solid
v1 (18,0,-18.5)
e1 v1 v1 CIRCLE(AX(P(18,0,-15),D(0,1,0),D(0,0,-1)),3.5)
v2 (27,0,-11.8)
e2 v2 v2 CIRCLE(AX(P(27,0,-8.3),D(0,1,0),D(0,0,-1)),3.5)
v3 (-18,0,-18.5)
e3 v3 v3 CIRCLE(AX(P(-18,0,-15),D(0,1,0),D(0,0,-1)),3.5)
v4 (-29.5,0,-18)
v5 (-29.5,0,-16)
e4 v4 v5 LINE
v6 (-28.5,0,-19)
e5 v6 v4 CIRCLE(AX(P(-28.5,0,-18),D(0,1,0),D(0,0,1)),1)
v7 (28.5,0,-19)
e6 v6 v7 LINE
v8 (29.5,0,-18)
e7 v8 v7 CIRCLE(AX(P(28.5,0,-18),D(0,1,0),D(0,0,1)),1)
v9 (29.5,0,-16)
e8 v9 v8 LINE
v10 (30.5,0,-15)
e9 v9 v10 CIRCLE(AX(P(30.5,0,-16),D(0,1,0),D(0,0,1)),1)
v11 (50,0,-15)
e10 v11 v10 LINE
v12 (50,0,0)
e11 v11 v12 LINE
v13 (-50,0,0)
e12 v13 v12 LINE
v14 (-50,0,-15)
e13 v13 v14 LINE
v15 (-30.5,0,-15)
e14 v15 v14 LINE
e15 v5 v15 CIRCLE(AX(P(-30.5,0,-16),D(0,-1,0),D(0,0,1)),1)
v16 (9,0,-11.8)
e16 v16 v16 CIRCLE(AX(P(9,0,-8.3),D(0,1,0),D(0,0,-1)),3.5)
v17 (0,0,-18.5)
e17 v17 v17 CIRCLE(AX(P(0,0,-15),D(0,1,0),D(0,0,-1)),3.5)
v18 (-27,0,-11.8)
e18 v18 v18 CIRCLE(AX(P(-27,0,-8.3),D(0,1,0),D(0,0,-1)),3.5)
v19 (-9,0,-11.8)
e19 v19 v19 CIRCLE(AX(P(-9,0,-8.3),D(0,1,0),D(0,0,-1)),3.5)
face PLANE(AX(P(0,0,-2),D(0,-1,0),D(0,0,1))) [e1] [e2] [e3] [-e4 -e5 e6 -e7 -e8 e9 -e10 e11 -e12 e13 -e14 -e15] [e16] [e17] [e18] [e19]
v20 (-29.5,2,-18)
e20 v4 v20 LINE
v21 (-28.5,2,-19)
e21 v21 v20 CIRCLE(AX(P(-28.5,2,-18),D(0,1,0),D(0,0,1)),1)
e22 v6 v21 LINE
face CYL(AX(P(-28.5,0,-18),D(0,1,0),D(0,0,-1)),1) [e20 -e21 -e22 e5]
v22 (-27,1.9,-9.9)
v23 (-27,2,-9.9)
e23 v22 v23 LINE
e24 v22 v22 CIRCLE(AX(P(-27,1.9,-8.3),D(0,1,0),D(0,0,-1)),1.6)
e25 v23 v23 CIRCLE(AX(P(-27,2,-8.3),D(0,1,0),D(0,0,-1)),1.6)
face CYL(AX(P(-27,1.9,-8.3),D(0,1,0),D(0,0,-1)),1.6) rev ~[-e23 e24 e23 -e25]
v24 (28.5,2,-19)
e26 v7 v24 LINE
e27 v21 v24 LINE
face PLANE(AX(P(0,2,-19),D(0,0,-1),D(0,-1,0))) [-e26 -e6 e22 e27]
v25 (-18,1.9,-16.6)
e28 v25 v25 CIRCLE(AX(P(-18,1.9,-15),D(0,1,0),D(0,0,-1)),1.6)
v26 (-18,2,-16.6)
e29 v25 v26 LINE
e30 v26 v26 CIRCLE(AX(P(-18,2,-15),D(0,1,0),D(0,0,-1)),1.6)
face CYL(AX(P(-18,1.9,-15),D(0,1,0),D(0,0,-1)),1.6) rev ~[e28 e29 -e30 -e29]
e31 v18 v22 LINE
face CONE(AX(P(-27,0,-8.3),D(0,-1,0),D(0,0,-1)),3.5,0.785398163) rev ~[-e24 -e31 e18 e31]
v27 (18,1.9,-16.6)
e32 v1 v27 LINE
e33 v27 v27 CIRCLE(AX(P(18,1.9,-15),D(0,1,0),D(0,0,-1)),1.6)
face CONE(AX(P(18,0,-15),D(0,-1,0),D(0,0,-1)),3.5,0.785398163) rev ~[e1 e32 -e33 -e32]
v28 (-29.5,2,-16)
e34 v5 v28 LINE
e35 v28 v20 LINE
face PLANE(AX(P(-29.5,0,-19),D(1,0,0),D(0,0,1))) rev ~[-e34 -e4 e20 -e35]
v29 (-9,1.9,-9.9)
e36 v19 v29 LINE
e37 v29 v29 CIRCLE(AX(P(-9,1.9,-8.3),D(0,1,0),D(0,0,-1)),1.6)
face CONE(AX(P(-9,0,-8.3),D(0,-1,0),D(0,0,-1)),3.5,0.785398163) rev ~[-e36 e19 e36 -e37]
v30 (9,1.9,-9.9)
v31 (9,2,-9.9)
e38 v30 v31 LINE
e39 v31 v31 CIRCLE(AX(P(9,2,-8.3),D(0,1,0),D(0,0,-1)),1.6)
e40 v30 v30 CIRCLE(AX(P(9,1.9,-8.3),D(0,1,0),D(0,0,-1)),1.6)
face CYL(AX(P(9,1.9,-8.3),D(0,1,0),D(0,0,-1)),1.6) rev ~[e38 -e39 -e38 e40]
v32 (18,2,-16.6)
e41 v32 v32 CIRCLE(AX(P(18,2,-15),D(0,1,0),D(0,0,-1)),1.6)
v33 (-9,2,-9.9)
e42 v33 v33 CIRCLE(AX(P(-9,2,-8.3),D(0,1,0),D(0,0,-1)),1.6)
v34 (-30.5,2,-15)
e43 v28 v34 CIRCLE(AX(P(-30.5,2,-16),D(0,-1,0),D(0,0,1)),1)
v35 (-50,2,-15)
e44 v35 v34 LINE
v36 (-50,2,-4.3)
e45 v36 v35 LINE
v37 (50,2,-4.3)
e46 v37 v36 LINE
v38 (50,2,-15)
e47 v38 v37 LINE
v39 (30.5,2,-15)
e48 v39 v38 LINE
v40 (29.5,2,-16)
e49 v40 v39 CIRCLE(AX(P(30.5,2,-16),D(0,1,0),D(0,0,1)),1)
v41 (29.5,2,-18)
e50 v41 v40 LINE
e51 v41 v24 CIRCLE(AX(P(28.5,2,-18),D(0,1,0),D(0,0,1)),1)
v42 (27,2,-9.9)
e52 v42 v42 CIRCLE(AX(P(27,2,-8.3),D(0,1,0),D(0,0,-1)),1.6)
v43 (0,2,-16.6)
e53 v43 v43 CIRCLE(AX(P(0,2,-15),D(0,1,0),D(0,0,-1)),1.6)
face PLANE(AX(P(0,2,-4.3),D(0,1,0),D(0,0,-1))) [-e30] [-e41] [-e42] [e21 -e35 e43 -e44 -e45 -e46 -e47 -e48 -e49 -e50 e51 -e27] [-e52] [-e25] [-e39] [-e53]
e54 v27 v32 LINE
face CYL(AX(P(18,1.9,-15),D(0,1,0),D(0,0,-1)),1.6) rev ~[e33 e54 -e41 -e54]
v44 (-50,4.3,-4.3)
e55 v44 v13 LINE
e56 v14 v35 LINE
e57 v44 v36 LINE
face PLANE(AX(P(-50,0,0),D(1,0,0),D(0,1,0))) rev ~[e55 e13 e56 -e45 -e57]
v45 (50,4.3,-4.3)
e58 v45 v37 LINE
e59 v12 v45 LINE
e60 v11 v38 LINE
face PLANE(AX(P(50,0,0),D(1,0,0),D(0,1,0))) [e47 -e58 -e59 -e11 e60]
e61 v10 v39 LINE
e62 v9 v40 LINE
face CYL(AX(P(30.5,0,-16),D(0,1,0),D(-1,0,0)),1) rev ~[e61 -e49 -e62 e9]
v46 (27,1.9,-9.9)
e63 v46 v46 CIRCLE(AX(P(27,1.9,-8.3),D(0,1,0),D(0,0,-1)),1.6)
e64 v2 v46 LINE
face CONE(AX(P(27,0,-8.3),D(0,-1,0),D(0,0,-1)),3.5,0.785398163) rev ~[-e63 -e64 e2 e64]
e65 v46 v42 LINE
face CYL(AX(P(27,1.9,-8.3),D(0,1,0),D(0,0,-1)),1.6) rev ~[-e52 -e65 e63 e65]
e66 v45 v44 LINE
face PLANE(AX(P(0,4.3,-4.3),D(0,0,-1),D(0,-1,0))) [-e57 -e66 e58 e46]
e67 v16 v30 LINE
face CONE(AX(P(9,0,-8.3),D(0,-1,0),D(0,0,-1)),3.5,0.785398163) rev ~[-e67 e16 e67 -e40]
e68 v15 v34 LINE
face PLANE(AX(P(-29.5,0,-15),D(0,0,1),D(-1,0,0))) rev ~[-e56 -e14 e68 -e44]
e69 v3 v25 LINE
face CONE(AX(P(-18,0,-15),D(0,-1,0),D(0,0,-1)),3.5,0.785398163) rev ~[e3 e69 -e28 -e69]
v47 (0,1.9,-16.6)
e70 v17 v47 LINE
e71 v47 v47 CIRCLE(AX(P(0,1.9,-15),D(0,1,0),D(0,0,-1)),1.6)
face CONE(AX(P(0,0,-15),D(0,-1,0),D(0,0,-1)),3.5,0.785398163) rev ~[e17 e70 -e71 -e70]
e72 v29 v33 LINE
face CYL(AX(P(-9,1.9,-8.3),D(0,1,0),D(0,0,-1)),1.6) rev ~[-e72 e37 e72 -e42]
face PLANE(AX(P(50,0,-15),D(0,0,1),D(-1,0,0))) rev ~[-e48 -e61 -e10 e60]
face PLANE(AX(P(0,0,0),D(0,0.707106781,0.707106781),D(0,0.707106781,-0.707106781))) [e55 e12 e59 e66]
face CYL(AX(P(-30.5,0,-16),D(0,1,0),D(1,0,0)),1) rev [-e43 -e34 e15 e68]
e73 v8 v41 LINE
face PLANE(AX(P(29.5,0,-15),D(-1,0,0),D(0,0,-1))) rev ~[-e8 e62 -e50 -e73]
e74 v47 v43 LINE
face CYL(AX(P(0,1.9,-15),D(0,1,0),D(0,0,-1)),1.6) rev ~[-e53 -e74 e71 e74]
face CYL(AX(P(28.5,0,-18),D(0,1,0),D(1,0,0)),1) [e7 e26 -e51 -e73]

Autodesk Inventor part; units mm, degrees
ref_plane "YZ Plane" through (0, 0, 0) normal (1, 0, 0) x (0, 1, 0)
ref_plane "XZ Plane" through (0, 0, 0) normal (0, 1, 0) x (-1, 0, 0)
ref_plane "XY Plane" through (0, 0, 0) normal (0, 0, 1) x (1, 0, 0)
sketch "Szkic1" plane through (0, 0, 0) normal (1, 0, 0) x (0, 1, 0)
  line L0 (0, 0) -> (2, -2)
  line L1 (2, -2) -> (2, -19)
  line L2 (2, -19) -> (0, -19)
  line L3 (0, -19) -> (0, -2)
  line L4 (0, -2) -> (0, 0)
  line L5 (0, -2) -> (2, -2)
  line L6 (2, -2) -> (4.3, -4.3)
  line L7 (4.3, -4.3) -> (2, -4.3)
  line L8 (2, -2) -> (4.3, -4.3)
  line L9 (4.3, -4.3) -> (2, -4.3)
  line L10 (4, -4) -> (4, -4.3) construction
  line L11 (4, -4) -> (2, -4) construction
  line L12 (4.3, -4.3) -> (4.3, -4.8)
  line L13 (4.3, -4.8) -> (2, -4.8)
  line L14 (0, 0) -> (-0.5, 0)
  line L15 (-0.5, 0) -> (-0.5, -19)
  line L16 (-0.5, -19) -> (0, -19)
  line L17 (0, -19) -> (0, 0)
  point P0 (5, -5)
  point P1 (4.3, -4.3)
  dimension "d1" = 2
  dimension "d2" = 45
  dimension "d44" = 45
  dimension "d45" = 2
  dimension "d46" = 17
  dimension "d50" = -4.3
  dimension "d51" = 19
  dimension "d54" = 0
  dimension "d98" = 2.3
  dimension "d125" = 4
  dimension "d126" = 0.3
  dimension "d156" = 0.5
  dimension "d157" = 0.5
extrude "Wyciągnięcie proste1" add sketch "Szkic1" along normal mid plane 100 contours L0 L5 L4 | L6 L7 L1 | L1 L2 L3 L5
sketch "Sketch4" plane through (-50, 0, -19) normal (0, -1, 0) x (1, 0, 0)
  line L0 (0, 0) -> (0, 19) projected
  line L1 (0, 0) -> (100, 0) projected
  line L2 (100, 19) -> (100, 0) projected
  line L3 (100, 19) -> (0, 19) projected
  line L4 (80, 0) -> (80, 19)
  line L5 (100, 19) -> (50, 19) projected
  line L6 (20, 19) -> (20, 0)
  line L7 (0, 0) -> (100, 0) projected
  line L8 (0, 14.7) -> (100, 14.7) projected
  circle A0 centre (77, 10.7) radius 3
  circle A1 centre (41, 10.7) radius 3
  circle A2 centre (23, 10.7) radius 3
  line L9 (80, 10.7) -> (20, 10.7)
  line L10 (80, 4) -> (20, 4)
  circle A3 centre (59, 10.7) radius 3
  circle A4 centre (68, 4) radius 3
  circle A5 centre (50, 4) radius 3
  circle A6 centre (32, 4) radius 3
  dimension "d67" = 6
  dimension "d70" = 6
  dimension "d22" = 20
  dimension "d23" = 20
  dimension "d69" = 6
  dimension "d75" = 18
  dimension "d127" = 6
  dimension "d129" = 18
  dimension "d139" = 18
  dimension "d140" = 6
  dimension "d141" = 6
  dimension "d142" = 6
  dimension "d143" = 9
  dimension "d144" = 9
  dimension "d145" = 9
  dimension "d146" = 9
  dimension "d147" = 9
  dimension "d148" = 9
  dimension "d149" = 4
  dimension "d150" = 4
hole "Hole2" at (27, 0, -8.3) at (-9, 0, -8.3) at (-27, 0, -8.3) at (9, 0, -8.3) at (0, 0, -15) at (18, 0, -15) at (-18, 0, -15) direction (0, 1, 0) diameter 3.2 depth 8.8 countersink diameter 7 countersink angle 90 clearance for "Countersunk Flat Head Screw ISO 2009/7046" size "M3" standard "ISO"
extrude "Extrusion7" [suppressed]
sketch "Sketch5" plane through (-50, 0, 0) normal (0, -1, 0) x (1, 0, 0)
  line L0 (100, 0) -> (100, -19) projected
  line L1 (100, 0) -> (0, 0) projected
  line L2 (0, -19) -> (0, 0) projected
  line L3 (100, -15) -> (79.5, -15)
  line L4 (79.5, -15) -> (79.5, -32.132)
  line L5 (79.5, -32.132) -> (100, -32.132)
  line L6 (100, -32.132) -> (100, -15)
  line L7 (0, -19) -> (20.5, -19)
  line L8 (20.5, -19) -> (20.5, -15)
  line L9 (20.5, -15) -> (0, -15)
  line L10 (0, -15) -> (0, -19)
  circle A0 centre (23, -8.3) radius 3.5 projected
  circle A1 centre (41, -8.3) radius 3.5 projected
  circle A2 centre (77, -8.3) radius 3.5 projected
  line L11 (0, -19) -> (100, -19) projected
  point P0 (50, 0)
  point P1 (0, -15)
  point P2 (100, -30)
  dimension "d55" = 20.5
  dimension "d56" = 20.5
  dimension "d61" = 15
  dimension "d62" = 15
extrude "Extrusion5" cut sketch "Sketch5" along normal through all both and the other way through all contours L0 L11 L4 L3 | L6 L5 L4 L11 | L9 L8 L7 L2
fillet "Fillet2" radius 1 2 edges at (-29.5, 1, -19) (29.5, 1, -19)
fillet "Fillet3" radius 1 2 edges at (-29.5, 1, -15) (29.5, 1, -15)
sketch "Sketch10" plane through (50, 0, 0) normal (1, 0, 0) x (0, 0, -1)
  line L0 (30.7582, 13.788) -> (30.3919, 3.2994) projected
  line L1 (30.5751, 8.5437) -> (-8.4118, 9.9052)
  line L2 (15, 0) -> (15, 2) projected
  line L3 (15, 2) -> (4.3, 2) projected
  line L4 (4.3, 2) -> (4.3, 4.3) projected
  line L5 (4.3, 4.3) -> (0, 0) projected
  line L6 (0, 0) -> (15, 0) projected
  line L7 (4.3, 2) -> (15, 2) projected
  line L8 (4.3, 2) -> (3.8, 2)
  circle A0 centre (63.2278, 12.35) radius 15 projected
  line L9 (63.2278, 12.35) -> (63.2278, -2.65)
  line L10 (63.2278, -2.65) -> (0, 0)
  line L11 (0, 0) -> (0.1802, 4.3)
  line L12 (0.1802, 4.3) -> (3.8, 4.3)
  line L13 (3.8, 4.3) -> (3.8, 2)
  line L14 (3.8, 4.3) -> (4.3, 4.3) construction
  point P0 (3.8, 3.8)
  dimension "d166" = 90
  dimension "d167" = 0.5
extrude "Extrusion9" [suppressed]
sketch "Sketch11" plane through (50, 0, 0) normal (1, 0, 0) x (0, 0, -1)
  line L0 (3.8, 4.3) -> (3.8, 2) projected
  line L1 (4.3, 2) -> (3.8, 2) projected
  line L2 (4.3, 2) -> (4.3, 4.3) projected
  line L3 (4.3, 4.3) -> (0, 0) projected
  point P0 (3.8, 3.8)
extrude "Extrusion10" [suppressed]
sketch "Sketch12" plane through (-28.5, 0, -19) normal (0, -1, 0) x (1, 0, 0)
  arc A0 (57, 0) -> (58, 1) centre (57, 1) ccw projected
  line L0 (58, 1) -> (58, 3) projected
  arc A1 (59, 4) -> (58, 3) centre (59, 3) ccw projected
  line L1 (59, 4) -> (78.5, 4) projected
  line L2 (78.5, 19) -> (78.5, 4) projected
  line L3 (78.5, 19) -> (-21.5, 19) projected
  line L4 (-21.5, 4) -> (-21.5, 19) projected
  line L5 (-21.5, 4) -> (-2, 4) projected
  arc A2 (-1, 3) -> (-2, 4) centre (-2, 3) ccw projected
  line L6 (-1, 3) -> (-1, 1) projected
  arc A3 (-1, 1) -> (0, 0) centre (0, 1) ccw projected
  line L7 (0, 0) -> (57, 0) projected
  circle A4 centre (55.5, 10.7) radius 3.5 projected
  circle A5 centre (19.5, 10.7) radius 3.5 projected
  circle A6 centre (1.5, 10.7) radius 3.5 projected
  circle A7 centre (37.5, 10.7) radius 3.5 projected
  circle A8 centre (28.5, 4) radius 3.5 projected
  circle A9 centre (46.5, 4) radius 3.5 projected
  circle A10 centre (10.5, 4) radius 3.5 projected
  arc A11 (57, 0.5) -> (57.5, 1) centre (57, 1) ccw
  line L8 (57.5, 1) -> (57.5, 3)
  arc A12 (59, 4.5) -> (57.5, 3) centre (59, 3) ccw
  line L9 (59, 4.5) -> (78, 4.5)
  line L10 (78, 4.5) -> (78, 18.5)
  line L11 (78, 18.5) -> (-21, 18.5)
  line L12 (-21, 18.5) -> (-21, 4.5)
  line L13 (-21, 4.5) -> (-2, 4.5)
  arc A13 (-0.5, 3) -> (-2, 4.5) centre (-2, 3) ccw
  line L14 (-0.5, 3) -> (-0.5, 1)
  arc A14 (-0.5, 1) -> (0, 0.5) centre (0, 1) ccw
  line L15 (0, 0.5) -> (57, 0.5)
  line L16 (57, 0.5) -> (57.866, 0.5)
  line L17 (0, 0.5) -> (-0.866, 0.5)
  point P0 (28.5, 19)
  dimension "d172" = 0.5
extrude "Extrusion11" [suppressed]
fillet "Fillet4" [suppressed]
equation "\"d23\" = d22"
equation "\"d56\" = d55"
equation "\"d62\" = d61"
equation "\"d64\" = d80"
equation "\"d79\" = d64"
equation "\"d80\" = 4.648267"
properties part number "Plog2" material "Steel, Carbon"
